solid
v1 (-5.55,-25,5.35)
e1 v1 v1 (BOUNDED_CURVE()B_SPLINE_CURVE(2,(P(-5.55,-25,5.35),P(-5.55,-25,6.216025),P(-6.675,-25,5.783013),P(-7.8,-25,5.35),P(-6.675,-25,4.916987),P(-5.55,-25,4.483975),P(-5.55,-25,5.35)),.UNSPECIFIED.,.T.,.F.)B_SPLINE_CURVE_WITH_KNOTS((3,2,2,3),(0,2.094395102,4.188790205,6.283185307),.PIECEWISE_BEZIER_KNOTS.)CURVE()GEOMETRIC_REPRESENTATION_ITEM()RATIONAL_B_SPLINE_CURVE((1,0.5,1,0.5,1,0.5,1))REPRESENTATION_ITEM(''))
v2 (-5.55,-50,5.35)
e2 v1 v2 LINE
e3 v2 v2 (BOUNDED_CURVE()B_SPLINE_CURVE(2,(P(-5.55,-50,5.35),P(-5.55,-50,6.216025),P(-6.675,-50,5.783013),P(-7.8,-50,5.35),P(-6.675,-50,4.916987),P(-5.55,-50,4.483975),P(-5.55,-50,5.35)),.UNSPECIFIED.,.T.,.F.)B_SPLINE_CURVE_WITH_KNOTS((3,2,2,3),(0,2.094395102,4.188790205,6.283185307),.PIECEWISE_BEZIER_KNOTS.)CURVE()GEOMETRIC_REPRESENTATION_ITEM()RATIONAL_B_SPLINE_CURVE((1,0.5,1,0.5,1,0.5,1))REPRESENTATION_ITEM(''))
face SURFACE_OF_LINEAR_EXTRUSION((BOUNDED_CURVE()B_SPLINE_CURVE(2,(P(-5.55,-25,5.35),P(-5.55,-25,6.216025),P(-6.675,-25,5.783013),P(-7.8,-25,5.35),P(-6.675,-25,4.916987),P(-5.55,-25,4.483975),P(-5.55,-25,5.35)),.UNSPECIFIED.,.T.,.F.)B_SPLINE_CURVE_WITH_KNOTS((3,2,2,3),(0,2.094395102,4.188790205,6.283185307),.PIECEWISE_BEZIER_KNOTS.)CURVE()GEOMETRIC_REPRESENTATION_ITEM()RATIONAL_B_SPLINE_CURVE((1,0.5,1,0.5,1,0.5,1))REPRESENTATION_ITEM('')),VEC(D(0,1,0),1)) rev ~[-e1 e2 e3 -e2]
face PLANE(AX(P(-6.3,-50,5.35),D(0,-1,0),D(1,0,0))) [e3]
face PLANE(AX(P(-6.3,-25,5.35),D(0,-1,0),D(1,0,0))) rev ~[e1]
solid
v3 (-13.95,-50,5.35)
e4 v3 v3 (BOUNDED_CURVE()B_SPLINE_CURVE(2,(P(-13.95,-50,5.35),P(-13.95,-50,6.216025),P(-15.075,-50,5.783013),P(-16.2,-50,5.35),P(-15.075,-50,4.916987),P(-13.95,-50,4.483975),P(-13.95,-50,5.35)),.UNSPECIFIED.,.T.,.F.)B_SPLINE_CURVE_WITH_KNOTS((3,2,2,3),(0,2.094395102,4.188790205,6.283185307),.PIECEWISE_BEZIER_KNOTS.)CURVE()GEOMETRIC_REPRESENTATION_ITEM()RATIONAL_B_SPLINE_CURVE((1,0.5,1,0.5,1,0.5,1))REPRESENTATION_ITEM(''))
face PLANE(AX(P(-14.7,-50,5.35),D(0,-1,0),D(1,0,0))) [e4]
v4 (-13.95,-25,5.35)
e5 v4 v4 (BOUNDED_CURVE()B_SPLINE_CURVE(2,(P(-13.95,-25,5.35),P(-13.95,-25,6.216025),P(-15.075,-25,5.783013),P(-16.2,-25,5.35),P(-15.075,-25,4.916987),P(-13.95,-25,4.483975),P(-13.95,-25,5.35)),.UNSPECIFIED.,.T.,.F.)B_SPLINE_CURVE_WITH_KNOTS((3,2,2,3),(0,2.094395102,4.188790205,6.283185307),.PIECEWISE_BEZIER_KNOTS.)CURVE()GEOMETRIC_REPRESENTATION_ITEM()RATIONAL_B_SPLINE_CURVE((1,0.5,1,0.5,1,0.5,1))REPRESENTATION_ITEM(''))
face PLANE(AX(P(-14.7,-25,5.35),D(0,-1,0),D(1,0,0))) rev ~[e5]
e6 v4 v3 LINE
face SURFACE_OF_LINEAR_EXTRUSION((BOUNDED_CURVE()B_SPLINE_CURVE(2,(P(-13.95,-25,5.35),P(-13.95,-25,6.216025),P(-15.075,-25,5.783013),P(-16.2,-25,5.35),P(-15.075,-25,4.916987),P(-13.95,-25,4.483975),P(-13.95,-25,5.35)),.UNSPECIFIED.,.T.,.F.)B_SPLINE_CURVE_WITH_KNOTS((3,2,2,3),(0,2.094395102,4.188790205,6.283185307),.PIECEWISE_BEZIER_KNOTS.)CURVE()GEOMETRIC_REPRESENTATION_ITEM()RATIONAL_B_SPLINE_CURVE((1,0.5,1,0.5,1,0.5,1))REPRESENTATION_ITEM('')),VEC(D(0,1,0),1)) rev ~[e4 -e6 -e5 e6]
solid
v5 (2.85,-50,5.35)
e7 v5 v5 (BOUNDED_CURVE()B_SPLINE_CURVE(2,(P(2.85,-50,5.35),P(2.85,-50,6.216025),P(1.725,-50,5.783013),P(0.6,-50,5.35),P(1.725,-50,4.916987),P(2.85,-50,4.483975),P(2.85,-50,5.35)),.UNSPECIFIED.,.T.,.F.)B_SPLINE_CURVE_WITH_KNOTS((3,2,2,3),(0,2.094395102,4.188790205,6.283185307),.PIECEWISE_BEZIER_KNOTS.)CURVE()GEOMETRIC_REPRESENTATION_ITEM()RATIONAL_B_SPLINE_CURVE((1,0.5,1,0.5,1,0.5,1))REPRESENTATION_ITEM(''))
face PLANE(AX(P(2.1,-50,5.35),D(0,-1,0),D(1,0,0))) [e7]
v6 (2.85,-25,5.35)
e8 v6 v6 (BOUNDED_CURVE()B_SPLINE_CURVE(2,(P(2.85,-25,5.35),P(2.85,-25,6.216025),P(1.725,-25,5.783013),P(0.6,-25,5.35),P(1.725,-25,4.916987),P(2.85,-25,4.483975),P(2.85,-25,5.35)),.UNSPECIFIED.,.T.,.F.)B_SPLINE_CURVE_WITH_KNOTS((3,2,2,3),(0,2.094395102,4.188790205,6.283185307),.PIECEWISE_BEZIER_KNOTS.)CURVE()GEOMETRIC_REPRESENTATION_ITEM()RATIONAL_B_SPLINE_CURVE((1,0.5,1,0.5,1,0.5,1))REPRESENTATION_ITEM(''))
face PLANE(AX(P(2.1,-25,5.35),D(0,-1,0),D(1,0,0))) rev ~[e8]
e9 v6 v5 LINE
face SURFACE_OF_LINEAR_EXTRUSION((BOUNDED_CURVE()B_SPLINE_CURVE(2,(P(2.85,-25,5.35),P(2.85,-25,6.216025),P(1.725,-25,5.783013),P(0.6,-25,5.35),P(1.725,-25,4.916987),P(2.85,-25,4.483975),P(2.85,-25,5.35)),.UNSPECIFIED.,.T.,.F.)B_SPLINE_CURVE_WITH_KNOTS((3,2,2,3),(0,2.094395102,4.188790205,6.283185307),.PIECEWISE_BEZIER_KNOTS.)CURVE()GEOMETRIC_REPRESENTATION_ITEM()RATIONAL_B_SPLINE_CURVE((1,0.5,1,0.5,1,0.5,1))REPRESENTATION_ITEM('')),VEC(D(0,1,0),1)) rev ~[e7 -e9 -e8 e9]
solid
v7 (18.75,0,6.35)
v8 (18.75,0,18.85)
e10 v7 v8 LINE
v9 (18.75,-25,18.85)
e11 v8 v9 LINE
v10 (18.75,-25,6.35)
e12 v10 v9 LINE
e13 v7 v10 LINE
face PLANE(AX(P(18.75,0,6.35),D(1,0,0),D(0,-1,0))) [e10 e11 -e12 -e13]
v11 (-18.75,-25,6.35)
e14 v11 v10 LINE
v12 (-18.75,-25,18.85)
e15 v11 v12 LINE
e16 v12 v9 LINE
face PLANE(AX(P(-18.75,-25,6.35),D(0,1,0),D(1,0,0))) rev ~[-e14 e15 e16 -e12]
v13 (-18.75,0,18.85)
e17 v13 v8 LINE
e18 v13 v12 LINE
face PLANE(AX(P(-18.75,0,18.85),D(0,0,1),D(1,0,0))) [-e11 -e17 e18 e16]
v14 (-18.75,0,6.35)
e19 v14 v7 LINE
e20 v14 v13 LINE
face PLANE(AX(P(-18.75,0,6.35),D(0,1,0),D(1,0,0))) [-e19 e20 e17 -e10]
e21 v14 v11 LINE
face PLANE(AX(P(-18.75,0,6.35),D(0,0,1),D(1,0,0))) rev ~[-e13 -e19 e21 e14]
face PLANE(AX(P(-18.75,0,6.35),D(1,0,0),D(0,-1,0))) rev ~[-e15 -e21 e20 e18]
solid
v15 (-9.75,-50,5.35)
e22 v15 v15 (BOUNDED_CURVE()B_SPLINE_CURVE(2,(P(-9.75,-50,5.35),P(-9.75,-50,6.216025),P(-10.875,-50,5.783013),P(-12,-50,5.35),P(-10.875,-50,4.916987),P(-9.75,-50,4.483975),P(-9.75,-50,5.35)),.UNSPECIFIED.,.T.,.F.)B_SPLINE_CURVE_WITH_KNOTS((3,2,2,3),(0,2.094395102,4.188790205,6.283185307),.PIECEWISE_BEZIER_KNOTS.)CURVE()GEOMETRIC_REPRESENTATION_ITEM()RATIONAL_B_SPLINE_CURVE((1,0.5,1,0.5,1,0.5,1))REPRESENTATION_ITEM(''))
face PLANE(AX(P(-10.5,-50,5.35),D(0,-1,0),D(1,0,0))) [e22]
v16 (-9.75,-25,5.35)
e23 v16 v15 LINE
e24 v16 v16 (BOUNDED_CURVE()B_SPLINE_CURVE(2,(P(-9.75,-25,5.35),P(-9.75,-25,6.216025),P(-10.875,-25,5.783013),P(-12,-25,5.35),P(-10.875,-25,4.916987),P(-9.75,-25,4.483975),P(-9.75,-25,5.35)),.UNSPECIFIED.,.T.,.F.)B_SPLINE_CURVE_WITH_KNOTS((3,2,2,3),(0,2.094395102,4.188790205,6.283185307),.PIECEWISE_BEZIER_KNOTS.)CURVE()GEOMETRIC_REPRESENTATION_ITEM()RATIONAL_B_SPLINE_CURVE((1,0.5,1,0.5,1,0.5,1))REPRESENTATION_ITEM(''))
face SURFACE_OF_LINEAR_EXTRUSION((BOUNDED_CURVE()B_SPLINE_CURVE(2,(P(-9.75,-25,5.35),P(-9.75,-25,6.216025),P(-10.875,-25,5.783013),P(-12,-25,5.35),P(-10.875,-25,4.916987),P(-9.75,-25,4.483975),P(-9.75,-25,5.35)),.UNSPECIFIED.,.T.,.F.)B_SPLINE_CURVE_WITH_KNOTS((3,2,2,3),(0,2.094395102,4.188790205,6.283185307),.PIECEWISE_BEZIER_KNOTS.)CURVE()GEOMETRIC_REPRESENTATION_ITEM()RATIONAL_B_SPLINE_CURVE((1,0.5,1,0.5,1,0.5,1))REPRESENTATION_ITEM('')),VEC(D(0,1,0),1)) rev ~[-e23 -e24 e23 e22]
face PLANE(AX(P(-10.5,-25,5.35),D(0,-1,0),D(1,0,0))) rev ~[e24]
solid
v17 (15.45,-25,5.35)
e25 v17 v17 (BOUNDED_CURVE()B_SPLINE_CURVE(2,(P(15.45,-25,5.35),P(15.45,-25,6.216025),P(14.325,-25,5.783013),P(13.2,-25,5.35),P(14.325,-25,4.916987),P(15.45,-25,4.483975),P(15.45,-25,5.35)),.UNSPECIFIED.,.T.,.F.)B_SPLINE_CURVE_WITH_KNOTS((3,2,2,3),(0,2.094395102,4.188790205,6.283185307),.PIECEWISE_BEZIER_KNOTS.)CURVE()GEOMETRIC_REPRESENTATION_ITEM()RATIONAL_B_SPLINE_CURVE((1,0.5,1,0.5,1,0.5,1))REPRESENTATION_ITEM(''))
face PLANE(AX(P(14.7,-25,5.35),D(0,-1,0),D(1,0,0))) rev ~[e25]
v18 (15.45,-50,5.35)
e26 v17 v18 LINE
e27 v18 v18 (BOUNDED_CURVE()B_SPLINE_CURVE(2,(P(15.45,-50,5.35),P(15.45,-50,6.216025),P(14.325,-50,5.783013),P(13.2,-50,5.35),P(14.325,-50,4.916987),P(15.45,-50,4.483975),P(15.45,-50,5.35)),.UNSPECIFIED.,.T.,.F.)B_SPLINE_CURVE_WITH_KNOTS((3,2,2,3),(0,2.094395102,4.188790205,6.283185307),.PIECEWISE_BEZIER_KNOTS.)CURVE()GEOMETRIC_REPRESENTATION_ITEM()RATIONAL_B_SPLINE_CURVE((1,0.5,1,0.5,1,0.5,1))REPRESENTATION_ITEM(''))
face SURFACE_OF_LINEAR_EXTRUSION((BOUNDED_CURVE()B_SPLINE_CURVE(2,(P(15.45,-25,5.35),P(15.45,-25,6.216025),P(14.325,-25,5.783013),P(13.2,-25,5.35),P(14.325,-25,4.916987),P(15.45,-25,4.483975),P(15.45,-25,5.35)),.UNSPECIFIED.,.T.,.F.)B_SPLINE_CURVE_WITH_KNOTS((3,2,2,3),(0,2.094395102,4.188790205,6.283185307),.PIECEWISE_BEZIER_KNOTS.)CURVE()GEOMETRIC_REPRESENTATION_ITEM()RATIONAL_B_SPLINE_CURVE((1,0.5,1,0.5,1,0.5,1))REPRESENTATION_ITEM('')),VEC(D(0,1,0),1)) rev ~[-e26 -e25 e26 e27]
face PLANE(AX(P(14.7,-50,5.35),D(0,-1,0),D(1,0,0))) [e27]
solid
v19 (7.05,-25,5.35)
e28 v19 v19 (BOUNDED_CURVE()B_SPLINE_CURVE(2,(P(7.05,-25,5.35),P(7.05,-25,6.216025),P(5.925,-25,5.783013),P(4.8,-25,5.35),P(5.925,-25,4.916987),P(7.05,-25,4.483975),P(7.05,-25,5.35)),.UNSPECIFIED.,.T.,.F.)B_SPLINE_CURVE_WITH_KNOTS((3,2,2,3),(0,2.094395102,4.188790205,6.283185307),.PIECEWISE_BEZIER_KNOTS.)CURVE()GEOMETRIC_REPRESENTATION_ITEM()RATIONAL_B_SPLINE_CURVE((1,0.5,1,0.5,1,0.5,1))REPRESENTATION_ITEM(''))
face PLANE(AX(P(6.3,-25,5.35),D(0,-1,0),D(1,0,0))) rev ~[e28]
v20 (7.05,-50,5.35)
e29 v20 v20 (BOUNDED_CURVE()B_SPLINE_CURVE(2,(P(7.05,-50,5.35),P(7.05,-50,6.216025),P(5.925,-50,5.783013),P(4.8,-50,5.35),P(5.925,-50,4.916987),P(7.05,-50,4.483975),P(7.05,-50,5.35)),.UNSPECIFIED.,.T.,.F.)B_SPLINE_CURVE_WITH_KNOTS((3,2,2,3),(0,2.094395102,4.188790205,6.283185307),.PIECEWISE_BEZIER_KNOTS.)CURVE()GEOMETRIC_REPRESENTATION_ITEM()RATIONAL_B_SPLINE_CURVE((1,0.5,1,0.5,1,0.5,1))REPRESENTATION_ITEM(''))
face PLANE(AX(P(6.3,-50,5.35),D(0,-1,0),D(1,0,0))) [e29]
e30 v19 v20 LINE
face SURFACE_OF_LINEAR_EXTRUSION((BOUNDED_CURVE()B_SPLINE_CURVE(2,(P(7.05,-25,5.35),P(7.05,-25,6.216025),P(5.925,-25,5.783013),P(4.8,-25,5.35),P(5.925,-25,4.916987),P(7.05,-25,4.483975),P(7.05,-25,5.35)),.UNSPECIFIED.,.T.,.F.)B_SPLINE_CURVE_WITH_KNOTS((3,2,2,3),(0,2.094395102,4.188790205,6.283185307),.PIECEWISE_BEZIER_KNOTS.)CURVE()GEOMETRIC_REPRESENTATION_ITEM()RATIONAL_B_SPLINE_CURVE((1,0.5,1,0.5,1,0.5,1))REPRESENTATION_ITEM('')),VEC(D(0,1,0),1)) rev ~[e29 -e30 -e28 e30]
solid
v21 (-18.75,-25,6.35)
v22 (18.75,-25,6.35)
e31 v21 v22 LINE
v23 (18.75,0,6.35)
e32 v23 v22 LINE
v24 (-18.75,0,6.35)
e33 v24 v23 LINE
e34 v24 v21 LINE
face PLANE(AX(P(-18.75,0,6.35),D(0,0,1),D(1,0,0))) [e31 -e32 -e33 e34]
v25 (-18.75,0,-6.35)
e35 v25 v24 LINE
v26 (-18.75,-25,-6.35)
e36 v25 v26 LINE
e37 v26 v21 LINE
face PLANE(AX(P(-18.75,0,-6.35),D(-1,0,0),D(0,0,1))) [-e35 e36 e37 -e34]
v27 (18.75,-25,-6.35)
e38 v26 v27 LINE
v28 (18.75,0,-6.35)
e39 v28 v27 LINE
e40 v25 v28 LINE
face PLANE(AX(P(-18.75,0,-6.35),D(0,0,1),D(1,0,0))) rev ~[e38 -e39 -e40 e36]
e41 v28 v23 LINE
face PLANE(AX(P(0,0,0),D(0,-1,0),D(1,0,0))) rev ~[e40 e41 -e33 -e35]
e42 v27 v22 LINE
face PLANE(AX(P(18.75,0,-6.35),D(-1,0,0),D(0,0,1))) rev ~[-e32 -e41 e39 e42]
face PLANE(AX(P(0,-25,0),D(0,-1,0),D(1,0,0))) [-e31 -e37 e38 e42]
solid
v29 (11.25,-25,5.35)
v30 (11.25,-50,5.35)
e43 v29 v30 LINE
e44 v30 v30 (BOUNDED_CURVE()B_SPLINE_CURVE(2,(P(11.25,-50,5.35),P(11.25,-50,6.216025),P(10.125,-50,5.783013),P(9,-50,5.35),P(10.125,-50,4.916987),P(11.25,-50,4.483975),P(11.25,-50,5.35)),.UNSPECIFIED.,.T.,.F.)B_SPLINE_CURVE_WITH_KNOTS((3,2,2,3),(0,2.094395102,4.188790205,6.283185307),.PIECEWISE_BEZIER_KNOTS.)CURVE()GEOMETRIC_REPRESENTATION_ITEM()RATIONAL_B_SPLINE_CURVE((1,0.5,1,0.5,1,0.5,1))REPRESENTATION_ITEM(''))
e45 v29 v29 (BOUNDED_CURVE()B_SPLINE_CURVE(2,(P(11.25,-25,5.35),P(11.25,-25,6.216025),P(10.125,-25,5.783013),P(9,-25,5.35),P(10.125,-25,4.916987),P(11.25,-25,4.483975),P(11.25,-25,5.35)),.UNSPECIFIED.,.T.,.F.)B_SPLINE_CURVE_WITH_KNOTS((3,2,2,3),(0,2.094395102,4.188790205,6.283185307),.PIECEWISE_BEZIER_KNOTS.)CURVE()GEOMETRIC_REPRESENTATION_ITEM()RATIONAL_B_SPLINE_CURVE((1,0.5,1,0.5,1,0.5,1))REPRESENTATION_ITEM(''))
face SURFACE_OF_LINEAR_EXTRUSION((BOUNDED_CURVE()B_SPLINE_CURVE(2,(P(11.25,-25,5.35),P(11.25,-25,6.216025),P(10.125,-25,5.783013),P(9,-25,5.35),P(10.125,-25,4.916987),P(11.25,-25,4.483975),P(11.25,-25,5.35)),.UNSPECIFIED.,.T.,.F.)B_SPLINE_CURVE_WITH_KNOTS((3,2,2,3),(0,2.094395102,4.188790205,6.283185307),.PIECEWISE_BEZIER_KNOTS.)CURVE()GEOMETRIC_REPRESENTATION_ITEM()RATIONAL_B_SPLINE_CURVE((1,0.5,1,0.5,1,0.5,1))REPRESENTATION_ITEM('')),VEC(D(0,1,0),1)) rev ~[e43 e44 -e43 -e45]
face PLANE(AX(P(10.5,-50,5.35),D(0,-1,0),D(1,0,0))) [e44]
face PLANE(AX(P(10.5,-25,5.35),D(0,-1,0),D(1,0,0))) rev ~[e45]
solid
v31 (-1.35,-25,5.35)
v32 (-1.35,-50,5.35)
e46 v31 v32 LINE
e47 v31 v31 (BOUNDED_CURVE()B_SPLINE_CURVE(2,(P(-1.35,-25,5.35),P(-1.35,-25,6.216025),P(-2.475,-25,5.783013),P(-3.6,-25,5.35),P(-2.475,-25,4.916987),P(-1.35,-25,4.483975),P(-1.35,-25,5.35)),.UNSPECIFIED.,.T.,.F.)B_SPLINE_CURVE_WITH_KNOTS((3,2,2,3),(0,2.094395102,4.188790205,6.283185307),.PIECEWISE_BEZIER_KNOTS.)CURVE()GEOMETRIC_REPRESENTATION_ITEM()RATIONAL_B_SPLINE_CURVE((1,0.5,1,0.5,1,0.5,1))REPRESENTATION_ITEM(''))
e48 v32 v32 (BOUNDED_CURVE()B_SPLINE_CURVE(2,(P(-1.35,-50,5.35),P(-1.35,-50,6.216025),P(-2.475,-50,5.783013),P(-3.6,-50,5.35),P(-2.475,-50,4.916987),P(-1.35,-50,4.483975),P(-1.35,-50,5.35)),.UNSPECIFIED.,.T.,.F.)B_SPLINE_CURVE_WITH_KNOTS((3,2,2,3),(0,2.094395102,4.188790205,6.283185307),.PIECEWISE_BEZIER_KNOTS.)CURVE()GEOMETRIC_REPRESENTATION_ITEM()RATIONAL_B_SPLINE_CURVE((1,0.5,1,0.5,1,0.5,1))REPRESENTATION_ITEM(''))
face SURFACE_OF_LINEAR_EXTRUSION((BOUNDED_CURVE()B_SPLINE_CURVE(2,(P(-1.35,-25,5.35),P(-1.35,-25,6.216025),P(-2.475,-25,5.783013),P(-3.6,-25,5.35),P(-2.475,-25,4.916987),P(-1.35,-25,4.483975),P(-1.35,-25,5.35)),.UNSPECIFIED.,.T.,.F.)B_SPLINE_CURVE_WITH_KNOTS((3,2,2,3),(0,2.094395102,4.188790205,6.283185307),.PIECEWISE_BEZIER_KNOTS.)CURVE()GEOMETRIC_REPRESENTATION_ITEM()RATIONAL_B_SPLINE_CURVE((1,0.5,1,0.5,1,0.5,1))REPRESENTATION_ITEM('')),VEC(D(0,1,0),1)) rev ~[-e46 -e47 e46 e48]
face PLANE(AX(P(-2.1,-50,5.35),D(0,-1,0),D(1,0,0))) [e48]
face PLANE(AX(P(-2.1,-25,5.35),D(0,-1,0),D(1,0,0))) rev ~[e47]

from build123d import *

# Parameters (mm, degrees)
F0_W     = 37.5
F0_H     = 12.7
F1_DEPTH = 25
F3_DEPTH = 25
F4_DEPTH = 12.5


with BuildPart() as f1:
    # F0 (on Front) → F1 (new body)
    with BuildSketch(Plane.XZ):
        Rectangle(F0_W, F0_H)
    extrude(amount=F1_DEPTH)


with BuildPart() as f3:
    # F2 (on face) → F3 (new body)
    with BuildSketch(Plane.XZ.offset(25)):
        with BuildLine():
            add(Edge.make_bspline(
                [(-13.95, 5.35), (-13.95, 6.2160254038), (-15.075, 5.7830127019), (-16.2, 5.35), (-15.075, 4.9169872981), (-13.95, 4.4839745962), (-13.95, 5.35)],
                knots=[0, 0, 0, 2.0943951024, 2.0943951024, 4.1887902048, 4.1887902048, 6.2831853072, 6.2831853072, 6.2831853072], degree=2, weights=[1, 0.5, 1, 0.5, 1, 0.5, 1]))
        make_face()
    extrude(amount=F3_DEPTH)


with BuildPart() as f3b:
    # F2 (on face) → F3, piece 2 (new body)
    with BuildSketch(Plane.XZ.offset(25)):
        with BuildLine():
            add(Edge.make_bspline(
                [(-9.75, 5.35), (-9.75, 6.2160254038), (-10.875, 5.7830127019), (-12, 5.35), (-10.875, 4.9169872981), (-9.75, 4.4839745962), (-9.75, 5.35)],
                knots=[0, 0, 0, 2.0943951024, 2.0943951024, 4.1887902048, 4.1887902048, 6.2831853072, 6.2831853072, 6.2831853072], degree=2, weights=[1, 0.5, 1, 0.5, 1, 0.5, 1]))
        make_face()
    extrude(amount=F3_DEPTH)


with BuildPart() as f3c:
    # F2 (on face) → F3, piece 3 (new body)
    with BuildSketch(Plane.XZ.offset(25)):
        with BuildLine():
            add(Edge.make_bspline(
                [(-5.55, 5.35), (-5.55, 6.2160254038), (-6.675, 5.7830127019), (-7.8, 5.35), (-6.675, 4.9169872981), (-5.55, 4.4839745962), (-5.55, 5.35)],
                knots=[0, 0, 0, 2.0943951024, 2.0943951024, 4.1887902048, 4.1887902048, 6.2831853072, 6.2831853072, 6.2831853072], degree=2, weights=[1, 0.5, 1, 0.5, 1, 0.5, 1]))
        make_face()
    extrude(amount=F3_DEPTH)


with BuildPart() as f3d:
    # F2 (on face) → F3, piece 4 (new body)
    with BuildSketch(Plane.XZ.offset(25)):
        with BuildLine():
            add(Edge.make_bspline(
                [(-1.35, 5.35), (-1.35, 6.2160254038), (-2.475, 5.7830127019), (-3.6, 5.35), (-2.475, 4.9169872981), (-1.35, 4.4839745962), (-1.35, 5.35)],
                knots=[0, 0, 0, 2.0943951024, 2.0943951024, 4.1887902048, 4.1887902048, 6.2831853072, 6.2831853072, 6.2831853072], degree=2, weights=[1, 0.5, 1, 0.5, 1, 0.5, 1]))
        make_face()
    extrude(amount=F3_DEPTH)


with BuildPart() as f3e:
    # F2 (on face) → F3, piece 5 (new body)
    with BuildSketch(Plane.XZ.offset(25)):
        with BuildLine():
            add(Edge.make_bspline(
                [(2.85, 5.35), (2.85, 6.2160254038), (1.725, 5.7830127019), (0.6, 5.35), (1.725, 4.9169872981), (2.85, 4.4839745962), (2.85, 5.35)],
                knots=[0, 0, 0, 2.0943951024, 2.0943951024, 4.1887902048, 4.1887902048, 6.2831853072, 6.2831853072, 6.2831853072], degree=2, weights=[1, 0.5, 1, 0.5, 1, 0.5, 1]))
        make_face()
    extrude(amount=F3_DEPTH)


with BuildPart() as f3f:
    # F2 (on face) → F3, piece 6 (new body)
    with BuildSketch(Plane.XZ.offset(25)):
        with BuildLine():
            add(Edge.make_bspline(
                [(7.05, 5.35), (7.05, 6.2160254038), (5.925, 5.7830127019), (4.8, 5.35), (5.925, 4.9169872981), (7.05, 4.4839745962), (7.05, 5.35)],
                knots=[0, 0, 0, 2.0943951024, 2.0943951024, 4.1887902048, 4.1887902048, 6.2831853072, 6.2831853072, 6.2831853072], degree=2, weights=[1, 0.5, 1, 0.5, 1, 0.5, 1]))
        make_face()
    extrude(amount=F3_DEPTH)


with BuildPart() as f3g:
    # F2 (on face) → F3, piece 7 (new body)
    with BuildSketch(Plane.XZ.offset(25)):
        with BuildLine():
            add(Edge.make_bspline(
                [(11.25, 5.35), (11.25, 6.2160254038), (10.125, 5.7830127019), (9, 5.35), (10.125, 4.9169872981), (11.25, 4.4839745962), (11.25, 5.35)],
                knots=[0, 0, 0, 2.0943951024, 2.0943951024, 4.1887902048, 4.1887902048, 6.2831853072, 6.2831853072, 6.2831853072], degree=2, weights=[1, 0.5, 1, 0.5, 1, 0.5, 1]))
        make_face()
    extrude(amount=F3_DEPTH)


with BuildPart() as f3h:
    # F2 (on face) → F3, piece 8 (new body)
    with BuildSketch(Plane.XZ.offset(25)):
        with BuildLine():
            add(Edge.make_bspline(
                [(15.45, 5.35), (15.45, 6.2160254038), (14.325, 5.7830127019), (13.2, 5.35), (14.325, 4.9169872981), (15.45, 4.4839745962), (15.45, 5.35)],
                knots=[0, 0, 0, 2.0943951024, 2.0943951024, 4.1887902048, 4.1887902048, 6.2831853072, 6.2831853072, 6.2831853072], degree=2, weights=[1, 0.5, 1, 0.5, 1, 0.5, 1]))
        make_face()
    extrude(amount=F3_DEPTH)


with BuildPart() as f4:
    # F4 (new): a face of the model
    f4_faces = [f1.part.faces().sort_by_distance(p)[0] for p in [
        (0, -12.5, 6.35),
    ]]
    extrude(f4_faces, amount=F4_DEPTH)


solid = Compound([f1.part, f3.part, f3b.part, f3c.part, f3d.part, f3e.part, f3f.part, f3g.part, f3h.part, f4.part])
